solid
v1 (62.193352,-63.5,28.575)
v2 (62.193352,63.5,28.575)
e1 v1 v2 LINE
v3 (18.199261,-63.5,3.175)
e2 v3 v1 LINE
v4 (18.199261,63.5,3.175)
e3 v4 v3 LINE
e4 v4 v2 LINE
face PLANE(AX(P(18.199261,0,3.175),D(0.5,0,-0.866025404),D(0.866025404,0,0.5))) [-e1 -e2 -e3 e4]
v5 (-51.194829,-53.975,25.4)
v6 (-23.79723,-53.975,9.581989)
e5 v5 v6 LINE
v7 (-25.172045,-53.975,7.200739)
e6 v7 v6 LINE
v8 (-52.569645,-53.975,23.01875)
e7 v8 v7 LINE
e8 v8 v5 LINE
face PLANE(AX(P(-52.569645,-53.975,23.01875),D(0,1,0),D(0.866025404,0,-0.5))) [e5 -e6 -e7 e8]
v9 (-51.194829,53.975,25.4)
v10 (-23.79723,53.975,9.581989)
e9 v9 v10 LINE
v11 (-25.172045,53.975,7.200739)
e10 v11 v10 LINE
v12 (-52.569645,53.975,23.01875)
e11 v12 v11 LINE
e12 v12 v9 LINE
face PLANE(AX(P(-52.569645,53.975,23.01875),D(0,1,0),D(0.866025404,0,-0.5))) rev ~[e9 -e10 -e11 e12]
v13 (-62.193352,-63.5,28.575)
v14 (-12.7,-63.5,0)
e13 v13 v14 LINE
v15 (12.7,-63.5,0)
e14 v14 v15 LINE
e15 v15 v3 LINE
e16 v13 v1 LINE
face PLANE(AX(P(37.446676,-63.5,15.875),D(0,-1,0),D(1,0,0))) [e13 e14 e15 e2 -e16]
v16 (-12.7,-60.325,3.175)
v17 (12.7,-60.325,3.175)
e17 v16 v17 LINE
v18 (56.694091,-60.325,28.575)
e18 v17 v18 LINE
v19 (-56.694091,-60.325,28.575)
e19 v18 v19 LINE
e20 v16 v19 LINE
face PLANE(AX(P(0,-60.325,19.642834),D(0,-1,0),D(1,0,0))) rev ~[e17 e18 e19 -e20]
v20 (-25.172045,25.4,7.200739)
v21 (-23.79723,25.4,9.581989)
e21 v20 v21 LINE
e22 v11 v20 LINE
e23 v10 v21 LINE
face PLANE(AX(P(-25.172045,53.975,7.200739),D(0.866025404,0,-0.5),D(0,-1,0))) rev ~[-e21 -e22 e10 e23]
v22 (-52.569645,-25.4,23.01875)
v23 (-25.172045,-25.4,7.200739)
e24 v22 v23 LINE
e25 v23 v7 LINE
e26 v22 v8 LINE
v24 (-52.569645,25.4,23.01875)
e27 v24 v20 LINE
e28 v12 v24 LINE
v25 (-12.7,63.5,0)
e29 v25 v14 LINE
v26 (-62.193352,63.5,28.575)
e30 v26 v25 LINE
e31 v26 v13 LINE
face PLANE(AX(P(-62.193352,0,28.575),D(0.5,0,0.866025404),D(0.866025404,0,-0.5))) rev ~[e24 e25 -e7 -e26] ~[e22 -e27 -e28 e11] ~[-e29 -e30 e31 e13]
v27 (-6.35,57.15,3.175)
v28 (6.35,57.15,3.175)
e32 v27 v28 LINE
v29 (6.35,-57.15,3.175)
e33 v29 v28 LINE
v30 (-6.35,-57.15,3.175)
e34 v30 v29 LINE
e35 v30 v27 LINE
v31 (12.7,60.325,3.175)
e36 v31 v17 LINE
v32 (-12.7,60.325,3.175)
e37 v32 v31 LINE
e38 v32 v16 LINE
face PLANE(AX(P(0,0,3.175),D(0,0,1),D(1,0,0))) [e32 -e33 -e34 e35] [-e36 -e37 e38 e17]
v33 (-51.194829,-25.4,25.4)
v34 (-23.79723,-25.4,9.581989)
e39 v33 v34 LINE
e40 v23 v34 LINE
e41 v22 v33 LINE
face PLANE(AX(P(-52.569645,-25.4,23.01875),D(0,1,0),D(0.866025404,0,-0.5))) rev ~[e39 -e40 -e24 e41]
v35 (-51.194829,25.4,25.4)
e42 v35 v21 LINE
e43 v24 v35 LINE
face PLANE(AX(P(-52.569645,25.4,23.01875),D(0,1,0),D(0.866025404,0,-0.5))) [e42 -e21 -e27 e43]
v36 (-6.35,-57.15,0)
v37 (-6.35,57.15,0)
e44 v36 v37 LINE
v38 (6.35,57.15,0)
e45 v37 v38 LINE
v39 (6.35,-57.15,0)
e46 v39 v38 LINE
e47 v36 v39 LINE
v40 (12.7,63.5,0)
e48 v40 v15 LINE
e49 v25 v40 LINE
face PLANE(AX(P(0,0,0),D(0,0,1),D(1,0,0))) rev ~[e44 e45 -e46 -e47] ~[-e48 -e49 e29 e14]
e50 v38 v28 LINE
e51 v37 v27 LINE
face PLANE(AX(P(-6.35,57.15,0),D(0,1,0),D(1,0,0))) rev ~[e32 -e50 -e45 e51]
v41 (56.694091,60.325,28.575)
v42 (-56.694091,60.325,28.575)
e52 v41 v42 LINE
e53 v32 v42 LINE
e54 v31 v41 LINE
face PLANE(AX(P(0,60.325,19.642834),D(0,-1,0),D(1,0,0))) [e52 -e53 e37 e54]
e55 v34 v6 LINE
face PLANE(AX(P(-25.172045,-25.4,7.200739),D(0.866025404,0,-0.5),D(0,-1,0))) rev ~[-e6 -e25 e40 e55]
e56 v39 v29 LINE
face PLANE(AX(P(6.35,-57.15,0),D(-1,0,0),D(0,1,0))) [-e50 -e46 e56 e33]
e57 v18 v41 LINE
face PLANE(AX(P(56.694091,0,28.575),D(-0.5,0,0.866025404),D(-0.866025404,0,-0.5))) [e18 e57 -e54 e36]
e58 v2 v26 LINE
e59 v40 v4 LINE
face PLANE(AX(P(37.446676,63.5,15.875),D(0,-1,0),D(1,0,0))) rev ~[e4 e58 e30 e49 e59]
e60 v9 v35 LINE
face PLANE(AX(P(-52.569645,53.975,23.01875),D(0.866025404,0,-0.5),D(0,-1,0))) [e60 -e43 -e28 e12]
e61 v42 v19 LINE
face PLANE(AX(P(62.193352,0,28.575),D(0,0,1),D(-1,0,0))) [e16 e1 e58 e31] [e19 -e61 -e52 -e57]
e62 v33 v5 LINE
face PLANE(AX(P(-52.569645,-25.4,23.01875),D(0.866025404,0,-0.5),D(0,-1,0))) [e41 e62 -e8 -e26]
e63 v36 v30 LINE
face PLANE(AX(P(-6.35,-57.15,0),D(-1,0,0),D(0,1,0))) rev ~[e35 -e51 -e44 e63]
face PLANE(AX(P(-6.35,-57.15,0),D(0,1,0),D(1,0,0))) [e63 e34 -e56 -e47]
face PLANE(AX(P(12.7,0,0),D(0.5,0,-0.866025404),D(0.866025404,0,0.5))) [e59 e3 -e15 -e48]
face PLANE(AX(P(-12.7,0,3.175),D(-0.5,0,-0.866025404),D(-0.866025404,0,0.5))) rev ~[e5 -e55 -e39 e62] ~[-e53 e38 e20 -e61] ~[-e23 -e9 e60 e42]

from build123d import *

# Parameters (mm, degrees)
F0_W          = 25.4
F0_H          = 127
F0_W_2        = 12.7
F0_H_2        = 114.3
F1_DEPTH      = 3.175
F3_DEPTH      = 63.5
F3_DEPTH_BACK = 63.5
F7_DEPTH      = 3.175
F9_DEPTH      = 3.175
F10_W         = 31.6360226281
F10_H         = 28.575
F11_DEPTH     = 62.1943518263


with BuildPart() as f1:
    # F0 (on Top) → F1 (new body)
    with BuildSketch(Plane.XY):
        Rectangle(F0_W, F0_H)
        Rectangle(F0_W_2, F0_H_2, mode=Mode.SUBTRACT)
    extrude(amount=F1_DEPTH)

    # F2 (on Front) → F3 (join, two sides)
    with BuildSketch(Plane.XZ) as f3_sk:
        Polygon((56.6940905122, 28.575), (12.7, 3.175), (18.199261314, 3.175), (62.1933518263, 28.575), align=None)
        Polygon((18.199261314, 3.175), (12.7, 3.175), (12.7, 0), align=None)
        Polygon((-12.7, 3.175), (-56.6940905122, 28.575), (-62.1933518263, 28.575), (-12.7, 0), align=None)
    extrude(amount=F3_DEPTH)
    extrude(f3_sk.sketch, amount=-F3_DEPTH_BACK)

    # F6 (on offset) → F7 (join)
    with BuildSketch(Plane.XZ.offset(63.5)):
        Polygon((62.1933518263, 28.575), (-62.1933518263, 28.575), (-12.7, 0), (12.7, 0), align=None)
    extrude(amount=-F7_DEPTH)

    # F8 (on offset) → F9 (join)
    with BuildSketch(Plane.XZ.offset(-63.5)):
        Polygon((62.1933518263, 28.575), (-62.1933518263, 28.575), (-12.7, 0), (12.7, 0), align=None)
    extrude(amount=F9_DEPTH)

    # F10 (on face) → F11 (cut, through all)
    with BuildSketch(Plane(origin=(-3.175, 0, -5.499261314), x_dir=(0.8660254038, 0, -0.5), z_dir=(-0.5, 0, -0.8660254038))):
        with Locations((-41.218011314, 39.6875)):
            Rectangle(F10_W, F10_H)
        with Locations((-41.218011314, -39.6875)):
            Rectangle(F10_W, F10_H)
    extrude(amount=-F11_DEPTH, mode=Mode.SUBTRACT)


solid = f1.part
